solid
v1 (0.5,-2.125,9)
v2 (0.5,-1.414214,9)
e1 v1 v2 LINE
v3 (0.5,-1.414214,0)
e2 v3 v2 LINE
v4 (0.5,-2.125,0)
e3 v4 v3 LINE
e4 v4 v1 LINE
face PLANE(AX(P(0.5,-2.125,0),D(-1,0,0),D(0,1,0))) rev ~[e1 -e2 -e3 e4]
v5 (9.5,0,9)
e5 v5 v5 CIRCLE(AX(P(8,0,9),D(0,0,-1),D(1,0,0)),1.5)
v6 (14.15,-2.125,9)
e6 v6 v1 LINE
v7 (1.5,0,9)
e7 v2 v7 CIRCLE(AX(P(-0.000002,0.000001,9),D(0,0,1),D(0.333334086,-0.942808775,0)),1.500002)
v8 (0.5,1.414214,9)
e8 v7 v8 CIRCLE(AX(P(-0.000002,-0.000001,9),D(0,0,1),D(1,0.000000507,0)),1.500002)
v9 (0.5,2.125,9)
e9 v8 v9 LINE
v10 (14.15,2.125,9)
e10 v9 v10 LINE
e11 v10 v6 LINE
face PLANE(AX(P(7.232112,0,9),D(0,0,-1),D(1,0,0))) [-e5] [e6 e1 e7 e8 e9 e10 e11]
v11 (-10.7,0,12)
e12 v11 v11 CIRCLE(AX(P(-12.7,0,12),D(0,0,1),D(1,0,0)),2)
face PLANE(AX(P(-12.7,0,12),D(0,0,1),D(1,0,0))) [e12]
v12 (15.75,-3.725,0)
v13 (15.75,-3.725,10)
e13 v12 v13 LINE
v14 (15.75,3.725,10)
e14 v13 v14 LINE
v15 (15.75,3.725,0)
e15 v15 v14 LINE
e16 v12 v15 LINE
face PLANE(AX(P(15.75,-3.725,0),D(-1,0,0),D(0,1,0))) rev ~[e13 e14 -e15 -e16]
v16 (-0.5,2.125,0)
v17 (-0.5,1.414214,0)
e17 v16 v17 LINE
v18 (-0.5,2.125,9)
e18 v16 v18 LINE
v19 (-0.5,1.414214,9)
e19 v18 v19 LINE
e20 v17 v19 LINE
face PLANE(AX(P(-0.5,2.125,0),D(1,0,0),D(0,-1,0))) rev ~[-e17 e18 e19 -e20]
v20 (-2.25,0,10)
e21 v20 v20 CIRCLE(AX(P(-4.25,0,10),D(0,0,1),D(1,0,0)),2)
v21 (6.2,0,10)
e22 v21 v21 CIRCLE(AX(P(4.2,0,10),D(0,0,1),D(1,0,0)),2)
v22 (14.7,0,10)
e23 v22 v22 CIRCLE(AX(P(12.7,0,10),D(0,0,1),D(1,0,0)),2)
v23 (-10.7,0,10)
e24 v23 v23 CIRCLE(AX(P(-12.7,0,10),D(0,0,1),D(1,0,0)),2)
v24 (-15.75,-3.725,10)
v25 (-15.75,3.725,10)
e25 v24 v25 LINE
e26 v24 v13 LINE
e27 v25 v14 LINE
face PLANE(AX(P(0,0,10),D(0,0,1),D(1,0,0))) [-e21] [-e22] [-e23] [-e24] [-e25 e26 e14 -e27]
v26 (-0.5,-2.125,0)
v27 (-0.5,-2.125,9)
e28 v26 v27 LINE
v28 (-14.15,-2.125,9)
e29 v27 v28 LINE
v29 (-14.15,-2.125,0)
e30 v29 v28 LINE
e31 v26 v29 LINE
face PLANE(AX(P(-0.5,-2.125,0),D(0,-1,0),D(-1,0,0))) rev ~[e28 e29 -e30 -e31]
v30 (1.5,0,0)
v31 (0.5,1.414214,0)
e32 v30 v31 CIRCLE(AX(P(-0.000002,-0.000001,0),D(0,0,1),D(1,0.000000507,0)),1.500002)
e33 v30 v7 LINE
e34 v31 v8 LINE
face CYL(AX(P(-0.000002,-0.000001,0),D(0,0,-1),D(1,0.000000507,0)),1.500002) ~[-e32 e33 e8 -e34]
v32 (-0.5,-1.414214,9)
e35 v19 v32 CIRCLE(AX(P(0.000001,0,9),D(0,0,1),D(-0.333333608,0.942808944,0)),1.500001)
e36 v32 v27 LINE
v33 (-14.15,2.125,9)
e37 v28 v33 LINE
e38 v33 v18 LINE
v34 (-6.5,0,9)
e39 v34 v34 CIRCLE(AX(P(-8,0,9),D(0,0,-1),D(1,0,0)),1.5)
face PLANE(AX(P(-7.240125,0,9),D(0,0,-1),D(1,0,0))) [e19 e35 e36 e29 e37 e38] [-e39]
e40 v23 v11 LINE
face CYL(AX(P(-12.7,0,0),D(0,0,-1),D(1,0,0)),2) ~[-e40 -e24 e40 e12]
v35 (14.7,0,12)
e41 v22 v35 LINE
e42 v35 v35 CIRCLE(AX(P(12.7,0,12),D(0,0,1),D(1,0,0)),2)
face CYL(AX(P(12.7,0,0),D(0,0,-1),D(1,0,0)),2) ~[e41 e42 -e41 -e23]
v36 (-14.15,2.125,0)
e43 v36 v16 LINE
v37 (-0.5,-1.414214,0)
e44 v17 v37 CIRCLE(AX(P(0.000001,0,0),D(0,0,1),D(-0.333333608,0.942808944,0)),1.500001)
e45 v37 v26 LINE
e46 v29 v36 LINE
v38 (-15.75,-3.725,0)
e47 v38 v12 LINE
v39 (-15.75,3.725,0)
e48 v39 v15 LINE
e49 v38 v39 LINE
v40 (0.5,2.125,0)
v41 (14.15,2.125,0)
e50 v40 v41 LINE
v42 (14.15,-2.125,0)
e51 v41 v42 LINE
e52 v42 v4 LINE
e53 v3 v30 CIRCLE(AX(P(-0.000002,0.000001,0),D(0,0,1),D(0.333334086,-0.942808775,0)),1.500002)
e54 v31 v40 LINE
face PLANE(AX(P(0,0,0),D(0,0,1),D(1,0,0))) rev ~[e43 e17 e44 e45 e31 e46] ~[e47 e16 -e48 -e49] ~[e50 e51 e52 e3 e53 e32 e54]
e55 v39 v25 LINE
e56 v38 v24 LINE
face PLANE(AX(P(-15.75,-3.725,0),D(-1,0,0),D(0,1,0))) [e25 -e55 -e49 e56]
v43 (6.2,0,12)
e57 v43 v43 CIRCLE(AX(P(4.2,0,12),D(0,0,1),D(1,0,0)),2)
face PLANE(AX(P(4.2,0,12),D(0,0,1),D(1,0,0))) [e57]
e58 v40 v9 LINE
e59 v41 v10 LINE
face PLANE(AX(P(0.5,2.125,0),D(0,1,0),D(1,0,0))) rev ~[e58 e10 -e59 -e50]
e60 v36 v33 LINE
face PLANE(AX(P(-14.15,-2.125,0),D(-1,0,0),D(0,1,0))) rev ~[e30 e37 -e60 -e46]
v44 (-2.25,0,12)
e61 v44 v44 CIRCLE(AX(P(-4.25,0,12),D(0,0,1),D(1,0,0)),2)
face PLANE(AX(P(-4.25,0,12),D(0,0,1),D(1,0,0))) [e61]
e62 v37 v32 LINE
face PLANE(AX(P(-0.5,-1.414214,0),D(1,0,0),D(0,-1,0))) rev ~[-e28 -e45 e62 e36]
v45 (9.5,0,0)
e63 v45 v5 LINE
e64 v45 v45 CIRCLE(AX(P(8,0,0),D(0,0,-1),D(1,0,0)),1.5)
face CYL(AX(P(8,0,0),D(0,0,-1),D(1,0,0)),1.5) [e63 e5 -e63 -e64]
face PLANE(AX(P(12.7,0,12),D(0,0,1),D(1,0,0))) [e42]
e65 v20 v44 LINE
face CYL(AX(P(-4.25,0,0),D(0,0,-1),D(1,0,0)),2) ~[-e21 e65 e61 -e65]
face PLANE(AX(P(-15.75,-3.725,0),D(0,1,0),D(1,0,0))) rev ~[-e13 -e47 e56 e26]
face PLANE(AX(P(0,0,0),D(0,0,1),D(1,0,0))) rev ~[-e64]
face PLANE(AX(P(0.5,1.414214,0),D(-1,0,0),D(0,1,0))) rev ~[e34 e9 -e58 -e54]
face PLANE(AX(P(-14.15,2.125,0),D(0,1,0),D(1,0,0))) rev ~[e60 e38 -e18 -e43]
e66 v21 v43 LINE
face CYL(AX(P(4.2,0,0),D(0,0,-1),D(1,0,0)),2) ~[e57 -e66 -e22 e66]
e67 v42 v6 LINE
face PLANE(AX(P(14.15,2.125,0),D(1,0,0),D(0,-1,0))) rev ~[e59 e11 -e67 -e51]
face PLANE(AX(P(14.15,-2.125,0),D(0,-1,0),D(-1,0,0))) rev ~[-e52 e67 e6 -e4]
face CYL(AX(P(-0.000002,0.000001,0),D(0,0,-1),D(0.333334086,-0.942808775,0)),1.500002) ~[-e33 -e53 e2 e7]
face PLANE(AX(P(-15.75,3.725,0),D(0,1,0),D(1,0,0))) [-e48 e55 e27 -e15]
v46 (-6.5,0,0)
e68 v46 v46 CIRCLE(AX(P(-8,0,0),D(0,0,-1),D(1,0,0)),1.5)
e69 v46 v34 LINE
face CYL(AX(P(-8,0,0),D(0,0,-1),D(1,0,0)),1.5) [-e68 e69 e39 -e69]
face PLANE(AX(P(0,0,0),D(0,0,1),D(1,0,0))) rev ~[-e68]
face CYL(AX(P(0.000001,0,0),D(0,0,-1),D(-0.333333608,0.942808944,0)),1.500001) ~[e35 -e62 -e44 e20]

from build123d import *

# Parameters (mm, degrees)
F0_W     = 31.5
F0_H     = 7.45
F0_R     = 2
F1_DEPTH = 10
F2_DEPTH = 12
F3_R     = 1.5
F4_DEPTH = 9


with BuildPart() as f1:
    # F0 (on Top) → F1 (new body)
    with BuildSketch(Plane.XY):
        Rectangle(F0_W, F0_H)
        with Locations((-12.7, 0)):
            Circle(F0_R, mode=Mode.SUBTRACT)
        with Locations((-4.25, 0)):
            Circle(F0_R, mode=Mode.SUBTRACT)
        with Locations((4.2, 0)):
            Circle(F0_R, mode=Mode.SUBTRACT)
        with Locations((12.7, 0)):
            Circle(F0_R, mode=Mode.SUBTRACT)
    extrude(amount=F1_DEPTH)

    # F0 (on Top) → F2 (join)
    with BuildSketch(Plane.XY):
        with Locations((-12.7, 0)):
            Circle(F0_R)
        with Locations((-4.25, 0)):
            Circle(F0_R)
        with Locations((4.2, 0)):
            Circle(F0_R)
        with Locations((12.7, 0)):
            Circle(F0_R)
    extrude(amount=F2_DEPTH)

    # F3 (on face) → F4 (cut)
    with BuildSketch(Plane(origin=(0, 0, 0), x_dir=(1, 0, 0), z_dir=(0, 0, -1))):
        with BuildLine():
            Line((14.15, -2.125), (14.15, 2.125))
            Line((14.15, 2.125), (0.5, 2.125))
            Line((0.5, 2.125), (0.5, 1.414214))
            ThreePointArc((0.5, 1.414214), (1.224745, 0.866025), (1.5, 0))
            ThreePointArc((1.5, 0), (1.224745, -0.866025), (0.5, -1.414214))
            Line((0.5, -1.414214), (0.5, -2.125))
            Line((0.5, -2.125), (14.15, -2.125))
        make_face()
        with Locations((8, 0)):
            Circle(F3_R, mode=Mode.SUBTRACT)
        with BuildLine():
            Line((-0.5, 1.414214), (-0.5, 2.125))
            Line((-0.5, 2.125), (-14.15, 2.125))
            Line((-14.15, 2.125), (-14.15, -2.125))
            Line((-14.15, -2.125), (-0.5, -2.125))
            Line((-0.5, -2.125), (-0.5, -1.414214))
            ThreePointArc((-0.5, -1.414214), (-1.5, 0), (-0.5, 1.414214))
        make_face()
        with Locations((-8, 0)):
            Circle(F3_R, mode=Mode.SUBTRACT)
    extrude(amount=-F4_DEPTH, mode=Mode.SUBTRACT)


solid = f1.part
